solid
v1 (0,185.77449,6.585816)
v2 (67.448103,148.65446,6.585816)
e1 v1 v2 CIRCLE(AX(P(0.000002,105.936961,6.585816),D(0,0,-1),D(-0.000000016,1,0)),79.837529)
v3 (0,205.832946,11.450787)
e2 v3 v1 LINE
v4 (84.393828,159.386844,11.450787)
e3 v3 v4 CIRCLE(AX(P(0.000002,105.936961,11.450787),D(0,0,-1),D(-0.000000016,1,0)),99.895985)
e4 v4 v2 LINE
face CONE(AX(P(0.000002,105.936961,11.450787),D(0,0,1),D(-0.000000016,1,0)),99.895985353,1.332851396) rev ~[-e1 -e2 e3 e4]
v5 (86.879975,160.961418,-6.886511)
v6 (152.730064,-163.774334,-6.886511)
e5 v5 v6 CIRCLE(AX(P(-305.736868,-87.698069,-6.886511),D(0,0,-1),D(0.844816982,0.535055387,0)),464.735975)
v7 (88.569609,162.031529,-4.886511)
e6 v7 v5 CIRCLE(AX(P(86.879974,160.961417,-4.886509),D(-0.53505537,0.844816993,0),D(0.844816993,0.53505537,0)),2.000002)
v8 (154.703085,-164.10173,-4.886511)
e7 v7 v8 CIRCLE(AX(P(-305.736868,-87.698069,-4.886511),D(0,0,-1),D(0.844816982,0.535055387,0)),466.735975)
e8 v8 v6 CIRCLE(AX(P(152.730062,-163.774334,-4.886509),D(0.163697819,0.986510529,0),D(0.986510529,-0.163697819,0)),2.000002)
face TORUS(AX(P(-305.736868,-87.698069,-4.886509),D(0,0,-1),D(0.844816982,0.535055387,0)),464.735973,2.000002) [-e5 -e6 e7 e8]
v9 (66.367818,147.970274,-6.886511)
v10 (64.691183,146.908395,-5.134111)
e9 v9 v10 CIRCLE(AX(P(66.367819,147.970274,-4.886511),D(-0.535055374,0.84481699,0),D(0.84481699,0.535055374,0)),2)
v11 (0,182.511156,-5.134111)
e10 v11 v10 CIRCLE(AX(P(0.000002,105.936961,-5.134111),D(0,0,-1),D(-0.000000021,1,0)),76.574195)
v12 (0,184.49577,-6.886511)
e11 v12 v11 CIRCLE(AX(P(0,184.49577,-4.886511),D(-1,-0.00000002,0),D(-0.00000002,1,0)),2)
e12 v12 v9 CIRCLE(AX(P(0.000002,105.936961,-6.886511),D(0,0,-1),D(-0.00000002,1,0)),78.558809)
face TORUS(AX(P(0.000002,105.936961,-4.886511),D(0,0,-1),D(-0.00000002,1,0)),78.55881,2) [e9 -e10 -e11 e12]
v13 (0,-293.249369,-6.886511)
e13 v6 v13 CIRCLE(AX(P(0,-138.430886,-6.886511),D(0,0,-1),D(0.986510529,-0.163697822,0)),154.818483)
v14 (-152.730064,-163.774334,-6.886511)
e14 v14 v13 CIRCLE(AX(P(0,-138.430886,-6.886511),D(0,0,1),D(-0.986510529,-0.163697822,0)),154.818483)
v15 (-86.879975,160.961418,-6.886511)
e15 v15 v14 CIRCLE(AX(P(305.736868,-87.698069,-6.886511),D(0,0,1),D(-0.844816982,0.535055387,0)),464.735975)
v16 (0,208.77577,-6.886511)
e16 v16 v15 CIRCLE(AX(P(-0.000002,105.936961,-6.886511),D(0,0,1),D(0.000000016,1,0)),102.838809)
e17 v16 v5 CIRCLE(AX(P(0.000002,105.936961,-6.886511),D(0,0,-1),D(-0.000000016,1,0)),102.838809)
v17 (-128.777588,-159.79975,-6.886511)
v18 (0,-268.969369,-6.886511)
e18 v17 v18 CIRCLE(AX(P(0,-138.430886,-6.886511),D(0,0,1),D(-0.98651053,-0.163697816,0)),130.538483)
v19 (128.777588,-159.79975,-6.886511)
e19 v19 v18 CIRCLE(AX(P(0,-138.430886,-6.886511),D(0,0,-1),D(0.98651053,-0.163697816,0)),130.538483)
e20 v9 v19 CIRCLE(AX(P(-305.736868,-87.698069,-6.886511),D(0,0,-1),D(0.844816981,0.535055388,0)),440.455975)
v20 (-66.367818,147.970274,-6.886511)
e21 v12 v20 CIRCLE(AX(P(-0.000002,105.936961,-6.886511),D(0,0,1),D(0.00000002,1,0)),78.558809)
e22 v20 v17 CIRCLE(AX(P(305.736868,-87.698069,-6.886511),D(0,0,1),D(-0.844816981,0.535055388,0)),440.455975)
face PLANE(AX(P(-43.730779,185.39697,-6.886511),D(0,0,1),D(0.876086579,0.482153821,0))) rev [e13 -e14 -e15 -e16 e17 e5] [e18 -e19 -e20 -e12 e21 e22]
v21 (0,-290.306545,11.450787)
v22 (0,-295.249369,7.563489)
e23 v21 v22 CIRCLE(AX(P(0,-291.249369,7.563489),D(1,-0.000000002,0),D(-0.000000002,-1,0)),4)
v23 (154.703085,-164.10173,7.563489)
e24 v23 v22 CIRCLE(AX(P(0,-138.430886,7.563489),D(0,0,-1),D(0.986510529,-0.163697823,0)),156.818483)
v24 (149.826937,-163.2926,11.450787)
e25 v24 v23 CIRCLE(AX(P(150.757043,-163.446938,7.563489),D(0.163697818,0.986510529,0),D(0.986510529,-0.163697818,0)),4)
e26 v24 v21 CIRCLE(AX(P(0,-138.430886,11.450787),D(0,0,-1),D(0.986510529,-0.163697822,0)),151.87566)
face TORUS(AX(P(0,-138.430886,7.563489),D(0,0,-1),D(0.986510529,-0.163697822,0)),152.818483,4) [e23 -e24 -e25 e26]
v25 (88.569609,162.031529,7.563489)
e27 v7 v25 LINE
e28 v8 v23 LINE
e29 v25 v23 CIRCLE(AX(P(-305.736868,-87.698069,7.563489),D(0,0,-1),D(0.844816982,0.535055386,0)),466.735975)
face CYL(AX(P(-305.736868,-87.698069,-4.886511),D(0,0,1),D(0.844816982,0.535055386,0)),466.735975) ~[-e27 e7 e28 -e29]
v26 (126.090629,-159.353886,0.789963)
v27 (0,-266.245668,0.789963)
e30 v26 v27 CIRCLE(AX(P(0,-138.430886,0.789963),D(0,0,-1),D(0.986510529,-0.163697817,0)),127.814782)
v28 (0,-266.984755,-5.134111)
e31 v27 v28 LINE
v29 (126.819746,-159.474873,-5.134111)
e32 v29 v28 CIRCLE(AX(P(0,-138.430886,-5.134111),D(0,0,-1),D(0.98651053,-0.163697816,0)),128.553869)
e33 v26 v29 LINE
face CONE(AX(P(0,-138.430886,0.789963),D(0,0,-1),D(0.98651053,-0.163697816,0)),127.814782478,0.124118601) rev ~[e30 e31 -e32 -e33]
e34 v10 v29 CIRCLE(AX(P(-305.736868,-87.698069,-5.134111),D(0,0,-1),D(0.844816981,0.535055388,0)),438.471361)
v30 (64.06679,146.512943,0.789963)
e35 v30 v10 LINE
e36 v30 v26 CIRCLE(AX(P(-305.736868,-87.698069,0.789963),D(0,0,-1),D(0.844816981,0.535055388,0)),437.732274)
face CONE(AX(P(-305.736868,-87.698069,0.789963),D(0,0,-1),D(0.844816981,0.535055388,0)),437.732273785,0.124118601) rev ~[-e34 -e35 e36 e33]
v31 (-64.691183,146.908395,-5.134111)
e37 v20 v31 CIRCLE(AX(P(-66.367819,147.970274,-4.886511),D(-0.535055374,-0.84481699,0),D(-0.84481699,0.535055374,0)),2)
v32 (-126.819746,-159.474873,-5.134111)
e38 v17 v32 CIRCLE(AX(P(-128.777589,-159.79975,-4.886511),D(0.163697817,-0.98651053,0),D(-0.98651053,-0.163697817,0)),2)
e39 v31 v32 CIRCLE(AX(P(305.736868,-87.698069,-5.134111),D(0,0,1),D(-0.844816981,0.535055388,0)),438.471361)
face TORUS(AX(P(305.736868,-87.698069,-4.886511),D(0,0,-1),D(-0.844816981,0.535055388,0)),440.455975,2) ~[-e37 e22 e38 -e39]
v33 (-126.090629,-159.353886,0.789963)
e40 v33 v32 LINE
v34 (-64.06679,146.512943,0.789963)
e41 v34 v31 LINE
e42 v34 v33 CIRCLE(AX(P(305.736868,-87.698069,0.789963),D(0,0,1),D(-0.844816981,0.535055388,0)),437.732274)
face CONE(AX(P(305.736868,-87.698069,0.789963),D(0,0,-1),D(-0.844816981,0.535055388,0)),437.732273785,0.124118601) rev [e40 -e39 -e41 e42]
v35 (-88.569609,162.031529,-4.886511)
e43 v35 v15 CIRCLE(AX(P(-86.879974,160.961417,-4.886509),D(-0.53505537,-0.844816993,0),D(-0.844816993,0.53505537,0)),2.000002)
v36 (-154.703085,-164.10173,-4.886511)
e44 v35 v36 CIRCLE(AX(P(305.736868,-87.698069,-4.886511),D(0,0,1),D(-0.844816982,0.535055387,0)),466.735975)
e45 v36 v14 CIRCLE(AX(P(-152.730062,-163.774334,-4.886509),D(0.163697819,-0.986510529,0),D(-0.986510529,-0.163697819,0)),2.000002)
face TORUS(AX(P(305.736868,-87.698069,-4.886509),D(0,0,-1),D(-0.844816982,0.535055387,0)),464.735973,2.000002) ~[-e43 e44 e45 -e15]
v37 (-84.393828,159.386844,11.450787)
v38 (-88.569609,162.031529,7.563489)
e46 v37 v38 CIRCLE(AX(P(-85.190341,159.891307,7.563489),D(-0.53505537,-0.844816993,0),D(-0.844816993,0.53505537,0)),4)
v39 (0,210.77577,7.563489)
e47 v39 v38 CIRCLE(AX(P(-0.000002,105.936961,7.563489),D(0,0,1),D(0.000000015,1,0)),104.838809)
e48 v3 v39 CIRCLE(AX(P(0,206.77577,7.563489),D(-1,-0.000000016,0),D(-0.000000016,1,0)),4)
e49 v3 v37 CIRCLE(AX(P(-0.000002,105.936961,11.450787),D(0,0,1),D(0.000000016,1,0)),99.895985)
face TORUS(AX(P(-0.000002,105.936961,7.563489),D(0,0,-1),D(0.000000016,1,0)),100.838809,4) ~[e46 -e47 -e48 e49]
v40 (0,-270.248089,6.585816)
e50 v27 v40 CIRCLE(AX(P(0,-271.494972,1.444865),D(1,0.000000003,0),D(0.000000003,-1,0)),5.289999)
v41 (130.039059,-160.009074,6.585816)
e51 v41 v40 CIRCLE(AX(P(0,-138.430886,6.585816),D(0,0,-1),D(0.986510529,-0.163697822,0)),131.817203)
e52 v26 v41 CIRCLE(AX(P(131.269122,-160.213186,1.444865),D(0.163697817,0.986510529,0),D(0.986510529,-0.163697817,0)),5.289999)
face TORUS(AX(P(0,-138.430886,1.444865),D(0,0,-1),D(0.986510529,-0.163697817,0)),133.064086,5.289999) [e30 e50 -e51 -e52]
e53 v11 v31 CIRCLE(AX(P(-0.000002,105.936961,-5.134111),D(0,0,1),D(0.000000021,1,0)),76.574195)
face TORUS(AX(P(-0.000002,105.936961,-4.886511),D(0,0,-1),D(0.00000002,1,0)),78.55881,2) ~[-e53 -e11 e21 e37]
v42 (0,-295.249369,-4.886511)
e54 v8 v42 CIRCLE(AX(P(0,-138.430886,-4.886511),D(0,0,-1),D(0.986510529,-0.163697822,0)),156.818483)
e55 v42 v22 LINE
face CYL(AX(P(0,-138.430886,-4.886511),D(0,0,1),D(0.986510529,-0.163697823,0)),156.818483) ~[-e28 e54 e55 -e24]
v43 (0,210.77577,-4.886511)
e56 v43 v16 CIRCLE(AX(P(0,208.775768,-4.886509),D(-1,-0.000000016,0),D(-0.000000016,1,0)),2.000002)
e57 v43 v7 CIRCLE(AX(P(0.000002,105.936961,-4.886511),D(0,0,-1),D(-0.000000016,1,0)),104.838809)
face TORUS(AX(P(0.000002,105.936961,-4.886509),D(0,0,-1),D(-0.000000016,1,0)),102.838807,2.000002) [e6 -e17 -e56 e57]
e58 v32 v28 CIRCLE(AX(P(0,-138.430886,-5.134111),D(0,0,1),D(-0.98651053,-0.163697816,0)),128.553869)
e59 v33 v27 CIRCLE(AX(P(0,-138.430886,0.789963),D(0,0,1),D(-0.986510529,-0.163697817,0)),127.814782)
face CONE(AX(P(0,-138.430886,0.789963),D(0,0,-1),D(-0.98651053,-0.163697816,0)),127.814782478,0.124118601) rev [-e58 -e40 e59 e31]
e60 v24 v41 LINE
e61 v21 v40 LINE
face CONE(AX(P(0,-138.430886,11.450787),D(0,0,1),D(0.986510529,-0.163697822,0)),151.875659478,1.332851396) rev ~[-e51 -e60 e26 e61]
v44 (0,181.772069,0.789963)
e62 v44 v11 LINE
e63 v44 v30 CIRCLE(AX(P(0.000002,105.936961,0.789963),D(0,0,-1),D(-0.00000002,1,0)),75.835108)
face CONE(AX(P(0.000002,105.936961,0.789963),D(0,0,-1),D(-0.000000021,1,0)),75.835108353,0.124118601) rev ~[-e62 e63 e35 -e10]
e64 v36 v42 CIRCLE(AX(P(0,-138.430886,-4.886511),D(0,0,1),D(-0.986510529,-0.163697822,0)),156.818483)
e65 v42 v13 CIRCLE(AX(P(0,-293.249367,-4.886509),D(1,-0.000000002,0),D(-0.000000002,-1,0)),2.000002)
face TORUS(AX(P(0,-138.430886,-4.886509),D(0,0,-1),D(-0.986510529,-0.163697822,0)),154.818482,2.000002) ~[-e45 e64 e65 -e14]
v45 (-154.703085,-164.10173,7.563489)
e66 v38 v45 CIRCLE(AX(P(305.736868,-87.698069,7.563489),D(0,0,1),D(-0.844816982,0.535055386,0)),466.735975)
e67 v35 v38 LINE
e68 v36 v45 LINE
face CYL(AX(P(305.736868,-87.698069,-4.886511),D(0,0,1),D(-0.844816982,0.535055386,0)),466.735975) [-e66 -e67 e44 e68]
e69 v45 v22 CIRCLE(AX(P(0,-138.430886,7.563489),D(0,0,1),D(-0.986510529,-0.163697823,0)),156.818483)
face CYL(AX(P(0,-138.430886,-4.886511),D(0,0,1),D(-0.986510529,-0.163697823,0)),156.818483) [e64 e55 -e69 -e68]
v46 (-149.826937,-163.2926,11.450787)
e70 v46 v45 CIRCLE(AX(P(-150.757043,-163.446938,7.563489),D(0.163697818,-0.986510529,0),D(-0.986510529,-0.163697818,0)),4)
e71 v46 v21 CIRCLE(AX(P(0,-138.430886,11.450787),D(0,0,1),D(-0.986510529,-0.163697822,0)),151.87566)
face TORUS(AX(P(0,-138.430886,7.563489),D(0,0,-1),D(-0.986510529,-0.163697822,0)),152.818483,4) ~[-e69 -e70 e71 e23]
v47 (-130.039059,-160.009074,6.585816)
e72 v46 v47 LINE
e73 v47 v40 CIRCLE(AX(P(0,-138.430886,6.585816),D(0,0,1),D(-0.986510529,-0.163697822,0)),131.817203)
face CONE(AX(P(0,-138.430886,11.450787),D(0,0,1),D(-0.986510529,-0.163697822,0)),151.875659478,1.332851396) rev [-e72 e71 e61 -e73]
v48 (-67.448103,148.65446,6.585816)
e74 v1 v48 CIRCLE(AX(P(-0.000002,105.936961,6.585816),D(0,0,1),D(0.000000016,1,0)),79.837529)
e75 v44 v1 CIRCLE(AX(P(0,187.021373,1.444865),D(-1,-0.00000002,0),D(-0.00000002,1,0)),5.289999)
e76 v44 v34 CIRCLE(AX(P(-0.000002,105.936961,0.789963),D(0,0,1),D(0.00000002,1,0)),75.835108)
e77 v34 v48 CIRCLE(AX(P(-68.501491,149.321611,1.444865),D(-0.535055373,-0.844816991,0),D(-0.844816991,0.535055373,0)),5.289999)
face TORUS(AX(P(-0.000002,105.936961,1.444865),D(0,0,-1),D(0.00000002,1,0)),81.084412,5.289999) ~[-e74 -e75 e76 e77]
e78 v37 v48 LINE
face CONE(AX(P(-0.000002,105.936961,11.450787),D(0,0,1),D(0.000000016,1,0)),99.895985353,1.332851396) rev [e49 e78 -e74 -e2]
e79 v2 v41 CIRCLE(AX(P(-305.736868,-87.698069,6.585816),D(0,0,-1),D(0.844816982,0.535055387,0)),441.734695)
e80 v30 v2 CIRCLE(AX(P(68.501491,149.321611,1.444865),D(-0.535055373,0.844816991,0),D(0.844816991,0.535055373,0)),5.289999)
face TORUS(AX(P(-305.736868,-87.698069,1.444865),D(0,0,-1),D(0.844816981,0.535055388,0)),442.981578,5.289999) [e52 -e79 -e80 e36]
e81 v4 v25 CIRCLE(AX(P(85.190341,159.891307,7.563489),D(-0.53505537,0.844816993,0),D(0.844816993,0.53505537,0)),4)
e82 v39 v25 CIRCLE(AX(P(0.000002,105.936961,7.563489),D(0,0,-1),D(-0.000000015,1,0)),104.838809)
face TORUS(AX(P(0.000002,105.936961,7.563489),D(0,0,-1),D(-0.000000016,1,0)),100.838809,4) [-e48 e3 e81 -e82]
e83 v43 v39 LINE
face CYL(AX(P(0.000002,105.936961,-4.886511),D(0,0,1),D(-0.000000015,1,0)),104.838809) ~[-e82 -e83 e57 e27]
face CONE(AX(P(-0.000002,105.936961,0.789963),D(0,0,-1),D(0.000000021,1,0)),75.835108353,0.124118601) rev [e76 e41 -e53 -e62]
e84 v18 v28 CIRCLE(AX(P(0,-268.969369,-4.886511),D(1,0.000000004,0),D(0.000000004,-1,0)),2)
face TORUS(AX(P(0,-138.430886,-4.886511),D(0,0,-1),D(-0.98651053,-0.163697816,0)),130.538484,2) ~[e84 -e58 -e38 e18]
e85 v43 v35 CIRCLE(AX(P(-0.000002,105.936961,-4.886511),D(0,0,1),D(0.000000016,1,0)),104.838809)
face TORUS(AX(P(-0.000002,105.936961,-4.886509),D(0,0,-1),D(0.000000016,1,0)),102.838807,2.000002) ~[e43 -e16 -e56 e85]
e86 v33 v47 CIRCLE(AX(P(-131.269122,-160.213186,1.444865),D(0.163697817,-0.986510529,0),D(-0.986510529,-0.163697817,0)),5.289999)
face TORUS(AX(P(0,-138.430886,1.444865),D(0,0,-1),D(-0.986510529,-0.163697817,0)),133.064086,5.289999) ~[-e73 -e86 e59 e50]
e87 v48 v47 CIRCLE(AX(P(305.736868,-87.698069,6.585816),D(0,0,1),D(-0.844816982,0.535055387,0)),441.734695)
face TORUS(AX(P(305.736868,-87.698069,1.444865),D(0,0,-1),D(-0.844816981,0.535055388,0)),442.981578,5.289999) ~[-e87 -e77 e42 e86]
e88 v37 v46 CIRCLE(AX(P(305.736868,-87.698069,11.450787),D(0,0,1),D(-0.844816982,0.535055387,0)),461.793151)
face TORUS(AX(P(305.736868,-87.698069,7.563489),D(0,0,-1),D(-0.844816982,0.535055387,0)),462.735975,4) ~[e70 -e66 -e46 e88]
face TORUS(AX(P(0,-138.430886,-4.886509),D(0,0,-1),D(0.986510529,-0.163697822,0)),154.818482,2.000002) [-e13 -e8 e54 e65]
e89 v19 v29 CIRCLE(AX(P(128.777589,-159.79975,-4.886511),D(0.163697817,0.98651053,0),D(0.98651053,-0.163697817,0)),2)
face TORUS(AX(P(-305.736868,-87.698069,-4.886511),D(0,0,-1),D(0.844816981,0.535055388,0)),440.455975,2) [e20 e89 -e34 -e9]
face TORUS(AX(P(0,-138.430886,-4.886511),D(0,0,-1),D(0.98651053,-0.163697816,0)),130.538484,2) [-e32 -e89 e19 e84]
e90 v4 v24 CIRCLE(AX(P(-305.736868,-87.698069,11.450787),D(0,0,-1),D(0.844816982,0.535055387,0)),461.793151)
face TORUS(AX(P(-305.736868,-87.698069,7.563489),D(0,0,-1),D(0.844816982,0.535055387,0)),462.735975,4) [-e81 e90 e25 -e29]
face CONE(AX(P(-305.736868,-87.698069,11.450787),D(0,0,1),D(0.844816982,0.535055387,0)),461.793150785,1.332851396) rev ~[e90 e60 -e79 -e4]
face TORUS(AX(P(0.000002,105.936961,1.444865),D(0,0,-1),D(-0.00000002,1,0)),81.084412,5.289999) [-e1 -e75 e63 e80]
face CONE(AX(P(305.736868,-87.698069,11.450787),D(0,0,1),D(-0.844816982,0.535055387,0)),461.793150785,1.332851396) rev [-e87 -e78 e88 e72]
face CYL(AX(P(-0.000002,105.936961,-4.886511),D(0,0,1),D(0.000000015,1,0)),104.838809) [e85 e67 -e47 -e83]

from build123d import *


with BuildPart() as part:
    # AdditivePipe: sweep along a path in Sketch001
    with BuildLine(Plane.XY) as additivepipe_path:
        ThreePointArc((0, 198.761814), (44.755859, 187.259569), (78.420015, 155.603397))
        ThreePointArc((78.420015, 155.603397), (139.914866, 2.671428), (142.851191, -162.135071))
        ThreePointArc((142.851191, -162.135071), (93.637273, -248.886362), (0, -283.235413))
    # Sketch → AdditivePipe (sweep)
    with BuildSketch(Plane.YZ):
        with BuildLine():
            Line((184.49577, -6.886511), (208.77577, -6.886511))
            ThreePointArc((208.77577, -6.886511), (210.189983, -6.300724), (210.77577, -4.886511))
            Line((210.77577, -4.886511), (210.77577, 7.563489))
            ThreePointArc((210.77577, 7.563489), (209.248492, 10.707634), (205.832946, 11.450787))
            Line((205.832946, 11.450787), (185.77449, 6.585816))
            ThreePointArc((185.77449, 6.585816), (182.668433, 4.45086), (181.772069, 0.789963))
            Line((181.772069, 0.789963), (182.511156, -5.134111))
            ThreePointArc((182.511156, -5.134111), (183.171987, -6.38571), (184.49577, -6.886511))
        make_face()
    additivepipe = sweep(path=additivepipe_path.line)

    # Mirrored: AdditivePipe across YZ
    add(additivepipe.mirror(Plane.YZ))


solid = part.part
